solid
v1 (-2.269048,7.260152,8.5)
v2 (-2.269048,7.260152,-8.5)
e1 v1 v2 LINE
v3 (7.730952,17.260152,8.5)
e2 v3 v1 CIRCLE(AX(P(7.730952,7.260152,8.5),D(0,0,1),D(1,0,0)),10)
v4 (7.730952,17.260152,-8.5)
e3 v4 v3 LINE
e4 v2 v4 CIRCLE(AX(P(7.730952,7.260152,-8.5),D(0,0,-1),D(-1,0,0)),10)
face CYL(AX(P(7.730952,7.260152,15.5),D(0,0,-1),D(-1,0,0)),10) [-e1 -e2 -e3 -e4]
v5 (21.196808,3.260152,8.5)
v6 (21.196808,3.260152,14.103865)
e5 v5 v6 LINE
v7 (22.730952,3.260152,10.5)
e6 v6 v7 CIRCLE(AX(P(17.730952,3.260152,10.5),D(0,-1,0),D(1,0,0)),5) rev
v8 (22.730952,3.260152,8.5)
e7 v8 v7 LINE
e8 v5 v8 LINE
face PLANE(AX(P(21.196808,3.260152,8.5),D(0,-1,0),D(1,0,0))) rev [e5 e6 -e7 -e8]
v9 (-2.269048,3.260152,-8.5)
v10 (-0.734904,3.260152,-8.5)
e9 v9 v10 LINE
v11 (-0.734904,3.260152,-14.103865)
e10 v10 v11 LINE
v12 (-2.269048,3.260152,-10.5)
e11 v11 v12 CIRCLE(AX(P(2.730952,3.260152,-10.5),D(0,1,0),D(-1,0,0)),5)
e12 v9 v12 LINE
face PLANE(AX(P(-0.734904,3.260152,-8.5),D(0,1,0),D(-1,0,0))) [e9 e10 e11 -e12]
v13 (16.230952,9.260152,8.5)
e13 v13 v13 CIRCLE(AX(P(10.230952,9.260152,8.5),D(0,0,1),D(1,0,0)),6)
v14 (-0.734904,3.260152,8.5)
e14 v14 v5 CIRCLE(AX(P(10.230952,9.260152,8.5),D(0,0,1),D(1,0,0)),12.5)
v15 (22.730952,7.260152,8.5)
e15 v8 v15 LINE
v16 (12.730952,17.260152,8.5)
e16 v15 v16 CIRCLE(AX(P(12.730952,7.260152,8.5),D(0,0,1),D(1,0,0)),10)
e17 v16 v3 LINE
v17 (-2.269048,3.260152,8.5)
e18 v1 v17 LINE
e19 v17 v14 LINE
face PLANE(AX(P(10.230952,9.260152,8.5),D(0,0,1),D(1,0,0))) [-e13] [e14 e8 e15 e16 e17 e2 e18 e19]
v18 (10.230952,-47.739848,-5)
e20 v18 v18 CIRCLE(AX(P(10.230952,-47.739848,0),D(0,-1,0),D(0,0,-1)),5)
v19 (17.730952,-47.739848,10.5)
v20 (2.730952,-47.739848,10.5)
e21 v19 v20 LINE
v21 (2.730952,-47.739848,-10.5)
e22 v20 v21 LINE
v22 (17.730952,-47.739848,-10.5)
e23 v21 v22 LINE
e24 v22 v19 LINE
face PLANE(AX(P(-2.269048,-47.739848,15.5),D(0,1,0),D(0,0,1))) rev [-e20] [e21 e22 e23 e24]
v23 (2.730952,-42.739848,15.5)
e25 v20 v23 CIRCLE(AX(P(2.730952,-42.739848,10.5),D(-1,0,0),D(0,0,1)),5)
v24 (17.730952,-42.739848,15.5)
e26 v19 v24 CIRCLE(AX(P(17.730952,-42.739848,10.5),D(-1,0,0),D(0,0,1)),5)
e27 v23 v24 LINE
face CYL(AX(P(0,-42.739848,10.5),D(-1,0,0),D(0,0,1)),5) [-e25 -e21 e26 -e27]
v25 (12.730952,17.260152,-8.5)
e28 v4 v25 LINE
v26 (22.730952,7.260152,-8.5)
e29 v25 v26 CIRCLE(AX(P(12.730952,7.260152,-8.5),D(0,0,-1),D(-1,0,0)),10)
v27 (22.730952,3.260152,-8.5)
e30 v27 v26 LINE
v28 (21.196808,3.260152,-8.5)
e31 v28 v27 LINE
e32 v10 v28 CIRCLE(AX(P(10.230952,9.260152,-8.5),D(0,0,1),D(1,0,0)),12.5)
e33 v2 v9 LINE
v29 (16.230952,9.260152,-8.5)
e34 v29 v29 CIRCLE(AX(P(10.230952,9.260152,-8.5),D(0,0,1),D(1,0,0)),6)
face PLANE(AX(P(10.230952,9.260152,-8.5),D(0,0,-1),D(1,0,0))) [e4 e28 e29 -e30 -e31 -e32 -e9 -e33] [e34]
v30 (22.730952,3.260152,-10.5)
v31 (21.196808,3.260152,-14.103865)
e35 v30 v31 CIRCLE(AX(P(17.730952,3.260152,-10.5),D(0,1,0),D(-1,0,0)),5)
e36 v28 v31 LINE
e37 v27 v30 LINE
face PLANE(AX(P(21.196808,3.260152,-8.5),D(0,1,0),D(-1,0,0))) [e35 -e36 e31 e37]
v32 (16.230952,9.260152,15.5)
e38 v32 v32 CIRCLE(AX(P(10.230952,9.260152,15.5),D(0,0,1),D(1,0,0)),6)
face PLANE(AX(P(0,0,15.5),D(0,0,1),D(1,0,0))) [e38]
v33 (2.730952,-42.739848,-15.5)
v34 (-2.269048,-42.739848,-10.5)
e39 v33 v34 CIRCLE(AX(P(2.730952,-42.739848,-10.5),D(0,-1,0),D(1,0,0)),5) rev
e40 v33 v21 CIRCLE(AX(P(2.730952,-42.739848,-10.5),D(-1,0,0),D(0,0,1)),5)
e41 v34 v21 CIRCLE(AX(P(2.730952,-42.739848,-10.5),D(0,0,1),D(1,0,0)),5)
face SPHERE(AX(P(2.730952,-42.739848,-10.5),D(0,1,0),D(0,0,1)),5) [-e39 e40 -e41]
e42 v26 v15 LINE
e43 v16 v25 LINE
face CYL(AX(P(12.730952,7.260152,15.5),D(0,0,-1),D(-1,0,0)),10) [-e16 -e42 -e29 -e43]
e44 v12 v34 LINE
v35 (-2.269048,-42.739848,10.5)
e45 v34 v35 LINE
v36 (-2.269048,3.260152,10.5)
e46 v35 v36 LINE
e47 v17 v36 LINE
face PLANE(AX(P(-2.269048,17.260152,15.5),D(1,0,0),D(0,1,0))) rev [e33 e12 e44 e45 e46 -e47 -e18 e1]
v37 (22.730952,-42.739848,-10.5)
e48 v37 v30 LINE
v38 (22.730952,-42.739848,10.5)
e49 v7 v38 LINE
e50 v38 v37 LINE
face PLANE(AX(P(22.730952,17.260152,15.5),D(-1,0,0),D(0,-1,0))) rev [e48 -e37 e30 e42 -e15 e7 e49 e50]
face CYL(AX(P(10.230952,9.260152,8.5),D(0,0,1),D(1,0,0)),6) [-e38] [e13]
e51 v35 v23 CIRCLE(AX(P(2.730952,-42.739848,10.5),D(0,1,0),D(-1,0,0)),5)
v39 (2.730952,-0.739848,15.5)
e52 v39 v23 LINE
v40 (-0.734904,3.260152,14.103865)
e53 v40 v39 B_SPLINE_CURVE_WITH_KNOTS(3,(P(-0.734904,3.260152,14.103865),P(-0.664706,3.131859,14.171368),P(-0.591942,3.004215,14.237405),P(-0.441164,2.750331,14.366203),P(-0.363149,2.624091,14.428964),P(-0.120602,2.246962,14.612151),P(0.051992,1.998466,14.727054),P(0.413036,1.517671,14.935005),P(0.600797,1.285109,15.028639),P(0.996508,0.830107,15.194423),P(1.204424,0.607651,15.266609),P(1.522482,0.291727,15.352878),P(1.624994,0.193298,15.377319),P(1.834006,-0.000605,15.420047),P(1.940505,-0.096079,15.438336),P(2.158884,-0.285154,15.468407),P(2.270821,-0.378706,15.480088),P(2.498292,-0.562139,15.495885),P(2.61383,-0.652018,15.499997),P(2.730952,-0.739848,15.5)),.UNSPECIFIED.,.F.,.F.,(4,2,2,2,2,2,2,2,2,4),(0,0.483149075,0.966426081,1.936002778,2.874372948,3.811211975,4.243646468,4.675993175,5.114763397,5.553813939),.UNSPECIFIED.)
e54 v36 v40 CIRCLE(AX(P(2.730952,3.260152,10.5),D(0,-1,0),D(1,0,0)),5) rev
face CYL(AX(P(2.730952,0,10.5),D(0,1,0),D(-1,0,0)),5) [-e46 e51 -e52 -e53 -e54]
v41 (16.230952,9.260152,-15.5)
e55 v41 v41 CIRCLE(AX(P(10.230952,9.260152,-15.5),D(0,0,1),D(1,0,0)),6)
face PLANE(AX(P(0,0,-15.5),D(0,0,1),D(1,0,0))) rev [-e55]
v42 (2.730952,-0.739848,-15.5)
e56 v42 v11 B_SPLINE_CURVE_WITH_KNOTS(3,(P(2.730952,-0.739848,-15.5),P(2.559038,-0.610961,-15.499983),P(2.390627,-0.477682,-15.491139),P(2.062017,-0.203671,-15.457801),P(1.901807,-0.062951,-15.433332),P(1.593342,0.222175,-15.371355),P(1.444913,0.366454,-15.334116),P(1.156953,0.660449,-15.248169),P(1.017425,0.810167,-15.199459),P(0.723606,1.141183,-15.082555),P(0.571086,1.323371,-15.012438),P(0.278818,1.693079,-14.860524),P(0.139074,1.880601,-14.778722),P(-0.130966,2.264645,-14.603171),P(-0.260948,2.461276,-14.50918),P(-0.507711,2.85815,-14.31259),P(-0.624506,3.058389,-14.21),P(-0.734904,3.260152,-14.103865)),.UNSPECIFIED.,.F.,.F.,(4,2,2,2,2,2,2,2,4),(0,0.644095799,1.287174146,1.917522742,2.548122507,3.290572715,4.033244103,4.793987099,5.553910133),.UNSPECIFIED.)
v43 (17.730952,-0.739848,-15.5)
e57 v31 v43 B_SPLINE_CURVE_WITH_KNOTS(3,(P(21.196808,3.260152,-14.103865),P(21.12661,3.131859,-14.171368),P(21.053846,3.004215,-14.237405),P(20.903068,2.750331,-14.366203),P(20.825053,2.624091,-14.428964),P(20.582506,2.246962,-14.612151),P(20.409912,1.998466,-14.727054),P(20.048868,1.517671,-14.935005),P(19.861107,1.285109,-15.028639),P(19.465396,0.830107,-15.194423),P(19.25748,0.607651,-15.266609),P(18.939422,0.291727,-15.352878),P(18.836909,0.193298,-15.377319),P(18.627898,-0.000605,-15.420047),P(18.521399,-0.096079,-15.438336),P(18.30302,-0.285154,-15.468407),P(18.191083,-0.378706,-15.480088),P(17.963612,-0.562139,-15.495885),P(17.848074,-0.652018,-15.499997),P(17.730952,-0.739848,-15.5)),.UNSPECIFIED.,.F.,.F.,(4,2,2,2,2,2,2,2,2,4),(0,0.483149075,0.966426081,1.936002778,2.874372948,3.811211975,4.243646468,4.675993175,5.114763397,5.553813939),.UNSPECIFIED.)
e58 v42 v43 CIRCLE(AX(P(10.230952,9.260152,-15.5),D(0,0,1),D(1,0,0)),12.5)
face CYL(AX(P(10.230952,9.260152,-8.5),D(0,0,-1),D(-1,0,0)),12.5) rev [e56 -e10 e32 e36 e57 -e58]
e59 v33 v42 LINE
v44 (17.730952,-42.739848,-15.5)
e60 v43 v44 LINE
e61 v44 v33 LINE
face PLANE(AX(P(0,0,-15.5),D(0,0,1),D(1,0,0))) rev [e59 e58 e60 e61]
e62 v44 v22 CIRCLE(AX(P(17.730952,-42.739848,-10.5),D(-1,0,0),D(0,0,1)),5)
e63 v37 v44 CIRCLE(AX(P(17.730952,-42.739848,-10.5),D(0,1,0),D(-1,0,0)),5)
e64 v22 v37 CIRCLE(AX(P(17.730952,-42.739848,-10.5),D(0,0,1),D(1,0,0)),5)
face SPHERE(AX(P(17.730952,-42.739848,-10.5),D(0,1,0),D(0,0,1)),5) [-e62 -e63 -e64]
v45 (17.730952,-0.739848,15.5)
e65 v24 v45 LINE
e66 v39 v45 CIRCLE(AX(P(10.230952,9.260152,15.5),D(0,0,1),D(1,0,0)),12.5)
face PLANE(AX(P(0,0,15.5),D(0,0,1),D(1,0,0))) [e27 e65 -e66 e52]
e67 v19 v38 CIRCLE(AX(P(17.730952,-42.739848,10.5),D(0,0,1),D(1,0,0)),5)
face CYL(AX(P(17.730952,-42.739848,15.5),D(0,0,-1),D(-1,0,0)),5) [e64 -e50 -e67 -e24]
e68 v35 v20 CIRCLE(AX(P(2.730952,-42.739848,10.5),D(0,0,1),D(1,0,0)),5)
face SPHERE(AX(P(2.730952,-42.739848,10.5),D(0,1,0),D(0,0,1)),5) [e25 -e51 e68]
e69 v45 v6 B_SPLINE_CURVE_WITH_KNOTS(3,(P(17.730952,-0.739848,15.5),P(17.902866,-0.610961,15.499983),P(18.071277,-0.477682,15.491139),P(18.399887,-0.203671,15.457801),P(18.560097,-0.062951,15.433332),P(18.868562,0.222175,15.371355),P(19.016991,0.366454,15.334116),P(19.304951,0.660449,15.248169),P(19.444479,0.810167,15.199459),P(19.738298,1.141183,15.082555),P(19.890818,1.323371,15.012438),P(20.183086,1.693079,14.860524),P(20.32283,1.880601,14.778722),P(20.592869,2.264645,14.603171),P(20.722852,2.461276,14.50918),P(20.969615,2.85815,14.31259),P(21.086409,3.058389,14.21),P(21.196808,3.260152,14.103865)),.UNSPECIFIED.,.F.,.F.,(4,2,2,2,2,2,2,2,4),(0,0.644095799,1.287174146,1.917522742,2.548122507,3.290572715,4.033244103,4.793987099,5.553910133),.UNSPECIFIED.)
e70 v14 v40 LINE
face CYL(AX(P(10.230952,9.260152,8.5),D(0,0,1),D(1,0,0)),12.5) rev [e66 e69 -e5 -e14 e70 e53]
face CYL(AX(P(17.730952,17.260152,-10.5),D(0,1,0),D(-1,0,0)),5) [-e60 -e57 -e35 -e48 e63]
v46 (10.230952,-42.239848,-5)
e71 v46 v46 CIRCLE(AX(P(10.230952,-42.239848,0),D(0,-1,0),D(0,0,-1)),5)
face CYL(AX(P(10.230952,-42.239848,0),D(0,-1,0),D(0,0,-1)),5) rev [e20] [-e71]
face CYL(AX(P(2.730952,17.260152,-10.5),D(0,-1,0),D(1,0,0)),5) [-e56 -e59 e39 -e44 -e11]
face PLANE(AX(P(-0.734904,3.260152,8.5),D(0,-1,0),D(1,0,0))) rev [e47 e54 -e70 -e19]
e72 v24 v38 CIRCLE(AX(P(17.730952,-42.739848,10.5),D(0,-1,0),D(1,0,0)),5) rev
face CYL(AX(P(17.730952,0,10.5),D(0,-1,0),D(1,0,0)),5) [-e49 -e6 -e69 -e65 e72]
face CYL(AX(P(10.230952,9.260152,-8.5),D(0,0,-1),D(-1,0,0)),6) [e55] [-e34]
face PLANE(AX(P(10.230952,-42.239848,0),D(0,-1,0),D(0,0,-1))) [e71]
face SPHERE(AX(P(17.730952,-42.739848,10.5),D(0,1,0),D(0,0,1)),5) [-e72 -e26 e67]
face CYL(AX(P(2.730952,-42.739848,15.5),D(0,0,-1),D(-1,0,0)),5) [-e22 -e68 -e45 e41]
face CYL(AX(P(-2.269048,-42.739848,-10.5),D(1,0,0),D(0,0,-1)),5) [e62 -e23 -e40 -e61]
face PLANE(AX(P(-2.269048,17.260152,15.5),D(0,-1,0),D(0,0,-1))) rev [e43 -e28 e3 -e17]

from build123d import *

# Parameters (mm, degrees)
CROQUIS1_W              = 25
CROQUIS1_H              = 65
SALIENTE_EXTRUIR1_DEPTH = 15.5
CROQUIS2_R              = 6
CORTAR_EXTRUIR1_DEPTH   = 7
REDONDEO1_R             = 10
REDONDEO2_R             = 5
CROQUIS3_R              = 5
CORTAR_EXTRUIR2_DEPTH   = 5.5
REDONDEO3_R             = 5


with BuildPart() as part:
    # Croquis1 → Saliente-Extruir1 (new, symmetric)
    with BuildSketch(Plane.XY):
        with Locations((10.230951989, -15.239848308)):
            Rectangle(CROQUIS1_W, CROQUIS1_H)
    extrude(amount=SALIENTE_EXTRUIR1_DEPTH, both=True)

    # Croquis2 → Cortar-Extruir1 (cut)
    with BuildSketch(Plane.XY.offset(15.5)):
        with BuildLine():
            Line((-2.269048011, 9.260151692), (-2.269048011, 26.058320898))
            Line((-2.269048011, 26.058320898), (22.730951989, 26.058320898))
            Line((22.730951989, 26.058320898), (22.730951989, 9.260151692))
            Line((22.730951989, 9.260151692), (22.730951989, 3.260151692))
            Line((22.730951989, 3.260151692), (21.196808088, 3.260151692))
            ThreePointArc((21.196808088, 3.260151692), (10.230951989, -3.239848308), (-0.734904111, 3.260151692))
            Line((-0.734904111, 3.260151692), (-2.269048011, 3.260151692))
            Line((-2.269048011, 3.260151692), (-2.269048011, 9.260151692))
        make_face()
        with Locations((10.230951989, 9.260151692)):
            Circle(CROQUIS2_R, mode=Mode.SUBTRACT)
    cortar_extruir1 = extrude(amount=-CORTAR_EXTRUIR1_DEPTH, mode=Mode.SUBTRACT)

    # Simetría1: Cortar-Extruir1 across plane
    add(cortar_extruir1.mirror(Plane.XY), mode=Mode.SUBTRACT)

    # Redondeo1
    redondeo1_edges = [part.edges().sort_by_distance(p)[0] for p in [
        (-2.269048011, 17.260151692, 0),
        (22.730951989, 17.260151692, 0),
    ]]
    fillet(redondeo1_edges, radius=REDONDEO1_R)

    # Redondeo2
    redondeo2_edges = [part.edges().sort_by_distance(p)[0] for p in [
        (22.730951989, -22.239848308, -15.5),
        (22.730951989, -22.239848308, 15.5),
        (-2.269048011, -22.239848308, 15.5),
        (-2.269048011, -22.239848308, -15.5),
    ]]
    fillet(redondeo2_edges, radius=REDONDEO2_R)

    # Croquis3 → Cortar-Extruir2 (cut)
    with BuildSketch(Plane.XZ.offset(47.739848308)):
        with Locations(Location((10.230951989, 0, 0), (0, 0, 270))):
            Circle(CROQUIS3_R)
    extrude(amount=-CORTAR_EXTRUIR2_DEPTH, mode=Mode.SUBTRACT)

    # Redondeo3
    redondeo3_edges = [part.edges().sort_by_distance(p)[0] for p in [
        (22.730951989, -47.739848308, 0),
        (10.230951989, -47.739848308, -15.5),
        (10.230951989, -47.739848308, 15.5),
        (-2.269048011, -47.739848308, 0),
        (-0.804581917, -47.739848308, -14.035533906),
        (-0.804581917, -47.739848308, 14.035533906),
        (21.266485895, -47.739848308, 14.035533906),
        (21.266485895, -47.739848308, -14.035533906),
    ]]
    fillet(redondeo3_edges, radius=REDONDEO3_R)


solid = part.part
